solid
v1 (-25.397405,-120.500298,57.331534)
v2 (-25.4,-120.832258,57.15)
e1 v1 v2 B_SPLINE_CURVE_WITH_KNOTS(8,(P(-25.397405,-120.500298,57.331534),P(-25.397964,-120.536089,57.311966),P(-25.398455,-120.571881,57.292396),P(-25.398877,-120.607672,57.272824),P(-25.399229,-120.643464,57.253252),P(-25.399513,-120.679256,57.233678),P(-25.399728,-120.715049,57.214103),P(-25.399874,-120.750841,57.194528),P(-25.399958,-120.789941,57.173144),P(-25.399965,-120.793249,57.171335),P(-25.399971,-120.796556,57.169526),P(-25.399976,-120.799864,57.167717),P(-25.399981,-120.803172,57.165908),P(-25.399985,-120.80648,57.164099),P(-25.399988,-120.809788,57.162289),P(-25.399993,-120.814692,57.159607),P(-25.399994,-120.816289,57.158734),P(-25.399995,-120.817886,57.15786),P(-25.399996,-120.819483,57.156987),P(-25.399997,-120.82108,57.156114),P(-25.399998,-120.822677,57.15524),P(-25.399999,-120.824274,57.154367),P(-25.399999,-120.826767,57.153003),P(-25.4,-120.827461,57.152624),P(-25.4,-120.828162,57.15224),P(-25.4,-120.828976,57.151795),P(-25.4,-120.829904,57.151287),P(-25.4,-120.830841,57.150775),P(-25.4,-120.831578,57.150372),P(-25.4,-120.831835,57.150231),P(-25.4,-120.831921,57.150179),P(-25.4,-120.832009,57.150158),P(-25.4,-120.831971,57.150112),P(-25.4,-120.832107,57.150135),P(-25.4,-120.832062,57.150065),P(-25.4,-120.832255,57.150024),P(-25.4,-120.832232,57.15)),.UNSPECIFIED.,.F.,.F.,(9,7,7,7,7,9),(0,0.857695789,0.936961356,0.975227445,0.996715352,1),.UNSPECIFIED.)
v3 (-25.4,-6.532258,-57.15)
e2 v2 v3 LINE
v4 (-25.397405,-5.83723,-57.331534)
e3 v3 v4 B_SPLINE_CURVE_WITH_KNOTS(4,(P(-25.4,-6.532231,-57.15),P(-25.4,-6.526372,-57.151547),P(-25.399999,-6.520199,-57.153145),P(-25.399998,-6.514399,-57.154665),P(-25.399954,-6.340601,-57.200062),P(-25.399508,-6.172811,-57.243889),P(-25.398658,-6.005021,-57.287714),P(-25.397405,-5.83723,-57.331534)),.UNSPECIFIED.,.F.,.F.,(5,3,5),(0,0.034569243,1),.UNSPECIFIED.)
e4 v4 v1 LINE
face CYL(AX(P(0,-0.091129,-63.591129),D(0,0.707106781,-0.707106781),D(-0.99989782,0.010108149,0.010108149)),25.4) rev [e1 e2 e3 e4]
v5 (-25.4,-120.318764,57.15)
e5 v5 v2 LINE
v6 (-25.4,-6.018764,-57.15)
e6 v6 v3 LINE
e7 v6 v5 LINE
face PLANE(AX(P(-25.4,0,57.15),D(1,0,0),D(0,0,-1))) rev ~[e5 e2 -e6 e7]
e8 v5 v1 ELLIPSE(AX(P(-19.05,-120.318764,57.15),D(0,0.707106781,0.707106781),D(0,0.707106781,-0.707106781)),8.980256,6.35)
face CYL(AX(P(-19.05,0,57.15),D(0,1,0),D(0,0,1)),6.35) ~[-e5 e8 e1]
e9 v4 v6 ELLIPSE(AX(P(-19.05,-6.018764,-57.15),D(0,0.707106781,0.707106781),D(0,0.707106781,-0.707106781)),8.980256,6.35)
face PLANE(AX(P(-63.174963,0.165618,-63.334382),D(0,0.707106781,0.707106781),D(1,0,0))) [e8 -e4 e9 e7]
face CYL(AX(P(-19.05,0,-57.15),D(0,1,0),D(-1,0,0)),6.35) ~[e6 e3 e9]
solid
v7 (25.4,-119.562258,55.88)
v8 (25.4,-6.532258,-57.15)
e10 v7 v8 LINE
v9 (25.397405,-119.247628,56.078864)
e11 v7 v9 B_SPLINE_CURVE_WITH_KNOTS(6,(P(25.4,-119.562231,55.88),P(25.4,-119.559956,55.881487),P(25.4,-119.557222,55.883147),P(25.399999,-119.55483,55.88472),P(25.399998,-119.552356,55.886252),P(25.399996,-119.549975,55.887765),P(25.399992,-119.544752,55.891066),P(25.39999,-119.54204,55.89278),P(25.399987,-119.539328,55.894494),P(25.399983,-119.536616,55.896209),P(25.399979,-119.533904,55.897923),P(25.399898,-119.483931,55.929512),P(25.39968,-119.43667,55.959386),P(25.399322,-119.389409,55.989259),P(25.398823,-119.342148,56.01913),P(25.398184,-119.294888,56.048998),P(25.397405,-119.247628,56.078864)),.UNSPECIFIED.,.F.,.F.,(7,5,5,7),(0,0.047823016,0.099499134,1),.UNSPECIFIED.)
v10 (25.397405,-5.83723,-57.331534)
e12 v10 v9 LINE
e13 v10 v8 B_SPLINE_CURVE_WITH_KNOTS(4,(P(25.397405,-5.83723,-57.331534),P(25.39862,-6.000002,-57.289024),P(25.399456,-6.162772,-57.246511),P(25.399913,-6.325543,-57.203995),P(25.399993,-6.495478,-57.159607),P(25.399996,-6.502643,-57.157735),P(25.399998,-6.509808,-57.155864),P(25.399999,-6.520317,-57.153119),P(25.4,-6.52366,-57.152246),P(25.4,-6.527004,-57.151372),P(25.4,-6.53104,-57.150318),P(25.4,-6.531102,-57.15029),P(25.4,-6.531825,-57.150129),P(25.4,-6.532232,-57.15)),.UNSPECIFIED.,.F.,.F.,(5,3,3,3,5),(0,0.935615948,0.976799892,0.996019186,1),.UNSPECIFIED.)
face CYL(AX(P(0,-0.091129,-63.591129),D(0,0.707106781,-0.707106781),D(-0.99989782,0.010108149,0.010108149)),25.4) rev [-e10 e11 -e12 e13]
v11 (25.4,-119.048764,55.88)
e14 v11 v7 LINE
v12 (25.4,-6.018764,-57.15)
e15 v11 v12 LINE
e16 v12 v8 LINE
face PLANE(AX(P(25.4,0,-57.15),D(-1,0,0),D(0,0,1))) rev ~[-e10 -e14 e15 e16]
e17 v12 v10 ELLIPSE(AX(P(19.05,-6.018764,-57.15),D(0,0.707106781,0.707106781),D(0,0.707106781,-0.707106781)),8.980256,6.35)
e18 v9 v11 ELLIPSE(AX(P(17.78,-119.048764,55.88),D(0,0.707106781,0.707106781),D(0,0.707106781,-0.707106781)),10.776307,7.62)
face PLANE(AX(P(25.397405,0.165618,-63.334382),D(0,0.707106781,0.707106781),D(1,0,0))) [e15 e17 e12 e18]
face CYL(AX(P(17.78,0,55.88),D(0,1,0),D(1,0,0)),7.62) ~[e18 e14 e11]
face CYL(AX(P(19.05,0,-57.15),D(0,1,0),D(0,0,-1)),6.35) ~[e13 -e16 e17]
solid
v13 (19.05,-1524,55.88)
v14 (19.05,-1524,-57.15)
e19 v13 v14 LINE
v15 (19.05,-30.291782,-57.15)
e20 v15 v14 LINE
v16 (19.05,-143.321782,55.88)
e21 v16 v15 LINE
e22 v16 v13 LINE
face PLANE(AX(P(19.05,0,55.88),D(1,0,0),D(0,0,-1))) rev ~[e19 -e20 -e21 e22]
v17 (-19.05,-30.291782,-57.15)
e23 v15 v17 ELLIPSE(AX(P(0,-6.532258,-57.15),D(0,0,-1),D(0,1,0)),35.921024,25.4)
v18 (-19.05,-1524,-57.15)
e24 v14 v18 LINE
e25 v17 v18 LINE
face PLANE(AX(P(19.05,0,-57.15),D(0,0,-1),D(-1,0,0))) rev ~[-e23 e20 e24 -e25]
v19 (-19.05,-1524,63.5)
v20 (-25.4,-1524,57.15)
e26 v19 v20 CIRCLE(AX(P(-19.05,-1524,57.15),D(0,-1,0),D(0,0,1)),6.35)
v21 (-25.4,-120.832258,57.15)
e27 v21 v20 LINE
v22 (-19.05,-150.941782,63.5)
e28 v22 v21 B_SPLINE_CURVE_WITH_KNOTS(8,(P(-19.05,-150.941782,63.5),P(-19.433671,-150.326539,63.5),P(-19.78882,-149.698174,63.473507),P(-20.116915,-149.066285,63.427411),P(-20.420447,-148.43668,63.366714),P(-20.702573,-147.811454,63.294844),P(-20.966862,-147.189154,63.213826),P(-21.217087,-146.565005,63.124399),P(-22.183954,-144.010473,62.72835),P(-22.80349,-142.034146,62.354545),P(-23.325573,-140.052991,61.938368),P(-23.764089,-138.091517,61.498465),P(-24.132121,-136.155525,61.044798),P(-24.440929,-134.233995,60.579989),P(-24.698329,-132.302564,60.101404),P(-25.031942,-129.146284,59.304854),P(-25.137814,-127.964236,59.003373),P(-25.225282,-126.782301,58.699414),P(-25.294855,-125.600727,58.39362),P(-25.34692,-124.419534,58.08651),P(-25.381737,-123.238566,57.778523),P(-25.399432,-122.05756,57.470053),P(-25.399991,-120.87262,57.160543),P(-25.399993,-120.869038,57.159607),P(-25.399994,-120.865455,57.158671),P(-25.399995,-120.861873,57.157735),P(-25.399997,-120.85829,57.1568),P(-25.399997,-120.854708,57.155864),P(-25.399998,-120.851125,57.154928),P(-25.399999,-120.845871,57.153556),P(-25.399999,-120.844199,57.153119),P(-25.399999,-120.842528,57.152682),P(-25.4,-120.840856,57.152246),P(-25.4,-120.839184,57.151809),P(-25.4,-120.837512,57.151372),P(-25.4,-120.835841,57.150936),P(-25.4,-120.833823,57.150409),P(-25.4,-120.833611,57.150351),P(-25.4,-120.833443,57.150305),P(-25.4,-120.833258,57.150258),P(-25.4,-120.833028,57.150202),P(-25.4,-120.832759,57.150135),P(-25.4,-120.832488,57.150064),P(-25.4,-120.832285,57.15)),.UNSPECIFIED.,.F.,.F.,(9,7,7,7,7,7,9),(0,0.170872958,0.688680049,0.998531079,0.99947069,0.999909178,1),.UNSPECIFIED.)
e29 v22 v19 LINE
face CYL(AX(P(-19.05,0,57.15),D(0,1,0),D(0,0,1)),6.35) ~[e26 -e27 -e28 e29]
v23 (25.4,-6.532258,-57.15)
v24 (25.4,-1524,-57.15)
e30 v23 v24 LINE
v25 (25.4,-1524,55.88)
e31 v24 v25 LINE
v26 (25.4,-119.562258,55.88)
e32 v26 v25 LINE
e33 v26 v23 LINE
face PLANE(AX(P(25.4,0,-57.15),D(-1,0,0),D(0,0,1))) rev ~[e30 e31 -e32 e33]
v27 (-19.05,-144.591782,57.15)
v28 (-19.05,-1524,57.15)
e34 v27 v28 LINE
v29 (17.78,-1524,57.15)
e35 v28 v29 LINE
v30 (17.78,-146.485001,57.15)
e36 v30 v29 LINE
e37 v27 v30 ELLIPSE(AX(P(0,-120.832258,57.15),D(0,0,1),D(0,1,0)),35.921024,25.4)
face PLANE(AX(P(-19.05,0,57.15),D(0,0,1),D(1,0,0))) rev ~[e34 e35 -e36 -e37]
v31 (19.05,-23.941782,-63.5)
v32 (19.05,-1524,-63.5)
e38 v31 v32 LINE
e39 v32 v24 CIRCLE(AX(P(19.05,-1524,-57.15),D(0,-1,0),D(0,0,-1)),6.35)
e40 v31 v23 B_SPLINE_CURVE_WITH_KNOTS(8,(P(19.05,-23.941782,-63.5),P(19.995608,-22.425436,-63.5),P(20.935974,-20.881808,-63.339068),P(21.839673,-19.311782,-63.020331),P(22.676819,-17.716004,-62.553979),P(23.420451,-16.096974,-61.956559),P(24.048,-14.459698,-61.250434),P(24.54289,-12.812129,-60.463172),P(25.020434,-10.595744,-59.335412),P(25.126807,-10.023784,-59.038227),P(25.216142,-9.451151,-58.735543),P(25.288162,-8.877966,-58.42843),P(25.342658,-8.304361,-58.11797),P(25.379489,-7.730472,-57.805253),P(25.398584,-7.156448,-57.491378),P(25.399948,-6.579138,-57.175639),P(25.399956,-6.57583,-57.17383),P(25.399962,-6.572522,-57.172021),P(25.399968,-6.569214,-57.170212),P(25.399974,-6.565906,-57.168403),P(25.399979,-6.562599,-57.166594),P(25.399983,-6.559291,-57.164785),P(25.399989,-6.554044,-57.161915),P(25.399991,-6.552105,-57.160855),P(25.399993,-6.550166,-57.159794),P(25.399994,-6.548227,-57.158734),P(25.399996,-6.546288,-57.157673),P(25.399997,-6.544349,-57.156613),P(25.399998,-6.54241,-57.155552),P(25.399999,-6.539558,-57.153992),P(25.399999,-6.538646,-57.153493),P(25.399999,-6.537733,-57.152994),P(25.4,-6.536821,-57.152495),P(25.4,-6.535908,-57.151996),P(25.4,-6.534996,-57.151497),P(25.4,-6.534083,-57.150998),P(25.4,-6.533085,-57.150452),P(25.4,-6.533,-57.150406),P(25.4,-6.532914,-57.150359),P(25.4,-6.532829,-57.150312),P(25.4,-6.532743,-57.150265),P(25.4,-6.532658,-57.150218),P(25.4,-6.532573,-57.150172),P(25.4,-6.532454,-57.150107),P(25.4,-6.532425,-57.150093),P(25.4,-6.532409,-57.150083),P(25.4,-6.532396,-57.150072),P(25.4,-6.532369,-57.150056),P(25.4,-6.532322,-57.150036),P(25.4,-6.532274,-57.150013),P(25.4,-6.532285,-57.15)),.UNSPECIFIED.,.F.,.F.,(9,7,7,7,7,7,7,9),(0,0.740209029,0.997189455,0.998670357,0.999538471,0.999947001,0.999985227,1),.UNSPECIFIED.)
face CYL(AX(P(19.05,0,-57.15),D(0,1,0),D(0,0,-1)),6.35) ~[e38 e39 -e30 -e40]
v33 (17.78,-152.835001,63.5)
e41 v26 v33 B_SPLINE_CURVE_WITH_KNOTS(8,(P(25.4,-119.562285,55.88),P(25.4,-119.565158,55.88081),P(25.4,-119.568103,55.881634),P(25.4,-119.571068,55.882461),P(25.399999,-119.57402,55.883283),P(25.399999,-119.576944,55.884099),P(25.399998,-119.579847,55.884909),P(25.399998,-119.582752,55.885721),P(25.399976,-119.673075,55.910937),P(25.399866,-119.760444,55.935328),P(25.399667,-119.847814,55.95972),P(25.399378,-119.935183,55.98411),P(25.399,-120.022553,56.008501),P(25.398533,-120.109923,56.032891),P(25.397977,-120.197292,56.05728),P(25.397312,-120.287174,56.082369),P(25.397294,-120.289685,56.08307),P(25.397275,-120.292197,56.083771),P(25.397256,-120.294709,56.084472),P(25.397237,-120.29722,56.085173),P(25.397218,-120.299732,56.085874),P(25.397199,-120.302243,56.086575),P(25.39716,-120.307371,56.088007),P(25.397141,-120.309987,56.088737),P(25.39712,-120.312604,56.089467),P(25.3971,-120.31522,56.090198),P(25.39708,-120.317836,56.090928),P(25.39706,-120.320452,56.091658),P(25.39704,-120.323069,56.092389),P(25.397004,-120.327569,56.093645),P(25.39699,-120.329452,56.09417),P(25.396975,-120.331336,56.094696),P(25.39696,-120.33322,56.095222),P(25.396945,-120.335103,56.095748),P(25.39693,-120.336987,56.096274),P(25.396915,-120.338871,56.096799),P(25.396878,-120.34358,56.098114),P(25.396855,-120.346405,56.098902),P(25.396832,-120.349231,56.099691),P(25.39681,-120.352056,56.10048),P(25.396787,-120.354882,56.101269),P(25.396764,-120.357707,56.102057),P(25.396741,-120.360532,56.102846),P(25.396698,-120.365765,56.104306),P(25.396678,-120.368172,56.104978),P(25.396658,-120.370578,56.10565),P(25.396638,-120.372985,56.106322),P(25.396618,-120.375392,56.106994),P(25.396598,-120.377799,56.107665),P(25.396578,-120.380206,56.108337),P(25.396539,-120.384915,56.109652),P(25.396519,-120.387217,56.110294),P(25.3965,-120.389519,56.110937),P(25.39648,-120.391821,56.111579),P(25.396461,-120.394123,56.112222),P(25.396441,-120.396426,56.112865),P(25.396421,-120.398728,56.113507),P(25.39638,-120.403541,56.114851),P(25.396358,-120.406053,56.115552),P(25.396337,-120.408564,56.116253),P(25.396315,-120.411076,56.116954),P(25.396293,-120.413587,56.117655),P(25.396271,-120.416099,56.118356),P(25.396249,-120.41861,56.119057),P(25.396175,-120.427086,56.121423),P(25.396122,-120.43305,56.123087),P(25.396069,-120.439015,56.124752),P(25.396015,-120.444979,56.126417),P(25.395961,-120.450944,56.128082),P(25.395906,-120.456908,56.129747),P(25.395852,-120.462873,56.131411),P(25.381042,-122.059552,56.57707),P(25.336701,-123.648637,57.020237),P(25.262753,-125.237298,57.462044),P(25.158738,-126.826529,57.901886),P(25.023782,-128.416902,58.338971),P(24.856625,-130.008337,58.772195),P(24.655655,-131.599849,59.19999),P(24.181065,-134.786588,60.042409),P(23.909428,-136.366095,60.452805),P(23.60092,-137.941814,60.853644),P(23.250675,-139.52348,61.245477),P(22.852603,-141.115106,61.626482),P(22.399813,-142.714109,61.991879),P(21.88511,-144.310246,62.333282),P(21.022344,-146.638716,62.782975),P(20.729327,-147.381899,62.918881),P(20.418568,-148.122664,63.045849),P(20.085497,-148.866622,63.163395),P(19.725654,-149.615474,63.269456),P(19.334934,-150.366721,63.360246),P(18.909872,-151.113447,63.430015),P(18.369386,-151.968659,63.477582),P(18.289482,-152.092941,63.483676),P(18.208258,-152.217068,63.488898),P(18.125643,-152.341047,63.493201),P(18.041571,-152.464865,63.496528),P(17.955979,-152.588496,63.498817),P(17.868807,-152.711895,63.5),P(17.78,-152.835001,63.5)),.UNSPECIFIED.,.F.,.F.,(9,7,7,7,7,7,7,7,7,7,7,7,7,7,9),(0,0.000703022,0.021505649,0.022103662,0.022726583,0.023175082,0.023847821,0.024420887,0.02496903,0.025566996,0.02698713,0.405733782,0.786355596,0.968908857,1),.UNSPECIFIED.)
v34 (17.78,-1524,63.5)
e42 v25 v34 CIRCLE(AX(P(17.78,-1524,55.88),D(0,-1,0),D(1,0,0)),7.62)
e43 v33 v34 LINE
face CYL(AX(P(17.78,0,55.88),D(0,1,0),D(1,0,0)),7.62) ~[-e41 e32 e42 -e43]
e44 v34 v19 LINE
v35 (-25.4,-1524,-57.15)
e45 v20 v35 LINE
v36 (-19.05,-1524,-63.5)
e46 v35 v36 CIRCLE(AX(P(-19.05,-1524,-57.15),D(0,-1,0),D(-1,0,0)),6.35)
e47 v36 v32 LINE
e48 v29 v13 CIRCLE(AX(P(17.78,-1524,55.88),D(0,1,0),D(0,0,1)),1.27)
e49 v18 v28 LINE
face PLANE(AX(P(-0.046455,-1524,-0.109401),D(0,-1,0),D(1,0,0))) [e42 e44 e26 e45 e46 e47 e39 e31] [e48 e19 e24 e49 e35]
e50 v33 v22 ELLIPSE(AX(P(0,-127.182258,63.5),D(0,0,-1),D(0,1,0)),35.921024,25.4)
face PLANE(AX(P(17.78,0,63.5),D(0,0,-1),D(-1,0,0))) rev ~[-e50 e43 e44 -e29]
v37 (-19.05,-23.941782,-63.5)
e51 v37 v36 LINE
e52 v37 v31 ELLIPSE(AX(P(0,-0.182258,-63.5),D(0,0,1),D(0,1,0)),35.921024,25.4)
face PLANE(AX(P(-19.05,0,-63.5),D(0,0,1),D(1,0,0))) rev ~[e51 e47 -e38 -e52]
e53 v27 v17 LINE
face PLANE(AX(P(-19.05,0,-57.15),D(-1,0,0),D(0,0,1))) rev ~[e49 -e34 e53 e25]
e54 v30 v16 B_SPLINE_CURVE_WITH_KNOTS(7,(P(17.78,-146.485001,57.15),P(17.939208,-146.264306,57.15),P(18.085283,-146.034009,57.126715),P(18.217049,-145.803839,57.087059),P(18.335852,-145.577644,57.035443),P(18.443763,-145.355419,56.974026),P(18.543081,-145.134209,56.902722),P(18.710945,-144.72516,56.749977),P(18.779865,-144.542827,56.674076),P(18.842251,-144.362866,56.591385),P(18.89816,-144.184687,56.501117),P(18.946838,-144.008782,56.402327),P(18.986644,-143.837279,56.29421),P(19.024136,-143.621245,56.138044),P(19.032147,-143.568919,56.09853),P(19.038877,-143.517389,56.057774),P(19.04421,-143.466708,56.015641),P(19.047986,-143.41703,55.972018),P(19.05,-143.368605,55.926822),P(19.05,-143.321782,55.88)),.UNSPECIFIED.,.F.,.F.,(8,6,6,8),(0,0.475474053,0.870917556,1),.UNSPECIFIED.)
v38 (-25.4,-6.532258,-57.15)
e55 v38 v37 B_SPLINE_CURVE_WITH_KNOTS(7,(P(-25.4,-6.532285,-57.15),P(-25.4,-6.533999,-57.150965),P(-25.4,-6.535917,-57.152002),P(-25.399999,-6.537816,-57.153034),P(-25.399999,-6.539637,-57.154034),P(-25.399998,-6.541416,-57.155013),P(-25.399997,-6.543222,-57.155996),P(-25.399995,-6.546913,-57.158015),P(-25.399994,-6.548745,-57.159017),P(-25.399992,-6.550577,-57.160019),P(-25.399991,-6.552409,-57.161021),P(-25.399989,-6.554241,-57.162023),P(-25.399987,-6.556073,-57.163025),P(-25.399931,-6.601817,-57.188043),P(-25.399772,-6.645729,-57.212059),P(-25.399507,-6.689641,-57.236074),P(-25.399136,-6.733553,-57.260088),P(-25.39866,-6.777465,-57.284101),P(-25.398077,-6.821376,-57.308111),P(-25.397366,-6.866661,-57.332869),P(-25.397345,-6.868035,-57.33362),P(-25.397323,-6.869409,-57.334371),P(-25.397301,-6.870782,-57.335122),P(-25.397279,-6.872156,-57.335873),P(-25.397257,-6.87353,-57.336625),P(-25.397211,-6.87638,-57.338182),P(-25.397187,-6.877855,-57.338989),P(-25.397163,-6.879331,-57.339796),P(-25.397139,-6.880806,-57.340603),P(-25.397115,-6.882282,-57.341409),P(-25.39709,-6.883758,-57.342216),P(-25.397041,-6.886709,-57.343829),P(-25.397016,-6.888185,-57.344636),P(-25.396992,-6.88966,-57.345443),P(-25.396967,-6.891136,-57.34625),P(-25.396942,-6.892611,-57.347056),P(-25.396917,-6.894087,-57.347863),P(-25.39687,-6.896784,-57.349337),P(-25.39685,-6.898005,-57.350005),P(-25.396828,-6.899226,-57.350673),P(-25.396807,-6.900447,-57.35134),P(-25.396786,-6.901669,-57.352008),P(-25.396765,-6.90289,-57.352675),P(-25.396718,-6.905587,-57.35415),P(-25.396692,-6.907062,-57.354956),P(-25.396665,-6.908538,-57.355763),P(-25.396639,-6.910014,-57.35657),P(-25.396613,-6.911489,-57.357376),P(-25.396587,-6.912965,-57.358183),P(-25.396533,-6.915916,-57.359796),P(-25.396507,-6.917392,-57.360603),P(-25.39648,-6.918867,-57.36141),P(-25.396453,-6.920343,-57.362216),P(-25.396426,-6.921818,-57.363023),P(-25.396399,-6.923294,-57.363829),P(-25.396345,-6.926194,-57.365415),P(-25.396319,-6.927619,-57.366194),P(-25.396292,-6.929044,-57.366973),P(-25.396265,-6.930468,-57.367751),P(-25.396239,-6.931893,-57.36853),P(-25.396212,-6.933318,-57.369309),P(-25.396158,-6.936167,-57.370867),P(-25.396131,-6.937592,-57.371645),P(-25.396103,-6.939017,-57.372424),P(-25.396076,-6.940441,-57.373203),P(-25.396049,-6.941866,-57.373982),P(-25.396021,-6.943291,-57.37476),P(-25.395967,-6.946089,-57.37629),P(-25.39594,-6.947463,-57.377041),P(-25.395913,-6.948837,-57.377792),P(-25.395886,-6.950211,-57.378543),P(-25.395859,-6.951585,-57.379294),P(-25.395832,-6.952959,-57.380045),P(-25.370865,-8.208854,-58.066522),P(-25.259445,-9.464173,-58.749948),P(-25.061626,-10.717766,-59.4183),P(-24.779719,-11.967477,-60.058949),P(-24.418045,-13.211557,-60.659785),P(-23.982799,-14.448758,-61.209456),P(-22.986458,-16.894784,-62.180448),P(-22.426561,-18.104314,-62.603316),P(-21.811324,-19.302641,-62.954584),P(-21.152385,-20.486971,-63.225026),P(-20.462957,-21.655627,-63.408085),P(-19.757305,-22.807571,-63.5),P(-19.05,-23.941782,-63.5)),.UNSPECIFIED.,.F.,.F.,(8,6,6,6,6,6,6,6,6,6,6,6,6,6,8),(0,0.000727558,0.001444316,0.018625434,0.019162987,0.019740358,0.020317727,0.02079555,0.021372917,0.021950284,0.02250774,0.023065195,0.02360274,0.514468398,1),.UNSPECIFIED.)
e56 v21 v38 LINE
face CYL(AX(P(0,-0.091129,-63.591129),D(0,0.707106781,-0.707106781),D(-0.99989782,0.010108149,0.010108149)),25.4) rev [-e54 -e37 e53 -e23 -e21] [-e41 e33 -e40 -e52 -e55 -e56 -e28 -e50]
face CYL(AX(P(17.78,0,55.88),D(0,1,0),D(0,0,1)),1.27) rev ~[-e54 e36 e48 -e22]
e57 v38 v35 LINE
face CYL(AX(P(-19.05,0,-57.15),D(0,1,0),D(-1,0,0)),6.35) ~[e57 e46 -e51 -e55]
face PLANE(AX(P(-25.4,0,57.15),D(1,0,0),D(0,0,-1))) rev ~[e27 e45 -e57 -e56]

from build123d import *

# Parameters (mm, degrees)
F1_DEPTH = 1524
F4_DEPTH = 206.1339983115


with BuildPart() as f1:
    # F0 (on Front) → F1 (new body)
    with BuildSketch(Plane.XZ):
        with BuildLine():
            Line((17.78, 63.5), (-19.05, 63.5))
            ThreePointArc((-19.05, 63.5), (-23.5401280605, 61.6401280605), (-25.4, 57.15))
            Line((-25.4, 57.15), (-25.4, -57.15))
            ThreePointArc((-25.4, -57.15), (-23.5401280605, -61.6401280605), (-19.05, -63.5))
            Line((-19.05, -63.5), (19.05, -63.5))
            ThreePointArc((19.05, -63.5), (23.5401280605, -61.6401280605), (25.4, -57.15))
            Line((25.4, -57.15), (25.4, 55.88))
            ThreePointArc((25.4, 55.88), (23.1681536726, 61.2681536726), (17.78, 63.5))
        make_face()
        with BuildLine():
            Line((-19.05, -57.15), (-19.05, 57.15))
            Line((-19.05, 57.15), (17.78, 57.15))
            ThreePointArc((17.78, 57.15), (18.6780256121, 56.7780256121), (19.05, 55.88))
            Line((19.05, 55.88), (19.05, -57.15))
            Line((19.05, -57.15), (-19.05, -57.15))
        make_face(mode=Mode.SUBTRACT)
    extrude(amount=F1_DEPTH)

    # F3 (on face) → F4 (cut, up to face)
    with BuildSketch(Plane(origin=(0, 31.75, -31.75), x_dir=(1, 0, 0), z_dir=(0, -0.7071067812, 0.7071067812))):
        with BuildLine():
            Line((-63.1749629974, -44.6670614183), (-25.3974046305, -44.6670614183))
            ThreePointArc((-25.3974046305, -44.6670614183), (0, -70.4301564954), (25.3974046305, -44.6670614183))
            Line((25.3974046305, -44.6670614183), (58.091904968, -44.6670614183))
            Line((58.091904968, -44.6670614183), (58.091904968, 59.898365289))
            Line((58.091904968, 59.898365289), (-63.1749629974, 59.898365289))
            Line((-63.1749629974, 59.898365289), (-63.1749629974, -44.6670614183))
        make_face()
    extrude(amount=F4_DEPTH, mode=Mode.SUBTRACT)


solid = f1.part
